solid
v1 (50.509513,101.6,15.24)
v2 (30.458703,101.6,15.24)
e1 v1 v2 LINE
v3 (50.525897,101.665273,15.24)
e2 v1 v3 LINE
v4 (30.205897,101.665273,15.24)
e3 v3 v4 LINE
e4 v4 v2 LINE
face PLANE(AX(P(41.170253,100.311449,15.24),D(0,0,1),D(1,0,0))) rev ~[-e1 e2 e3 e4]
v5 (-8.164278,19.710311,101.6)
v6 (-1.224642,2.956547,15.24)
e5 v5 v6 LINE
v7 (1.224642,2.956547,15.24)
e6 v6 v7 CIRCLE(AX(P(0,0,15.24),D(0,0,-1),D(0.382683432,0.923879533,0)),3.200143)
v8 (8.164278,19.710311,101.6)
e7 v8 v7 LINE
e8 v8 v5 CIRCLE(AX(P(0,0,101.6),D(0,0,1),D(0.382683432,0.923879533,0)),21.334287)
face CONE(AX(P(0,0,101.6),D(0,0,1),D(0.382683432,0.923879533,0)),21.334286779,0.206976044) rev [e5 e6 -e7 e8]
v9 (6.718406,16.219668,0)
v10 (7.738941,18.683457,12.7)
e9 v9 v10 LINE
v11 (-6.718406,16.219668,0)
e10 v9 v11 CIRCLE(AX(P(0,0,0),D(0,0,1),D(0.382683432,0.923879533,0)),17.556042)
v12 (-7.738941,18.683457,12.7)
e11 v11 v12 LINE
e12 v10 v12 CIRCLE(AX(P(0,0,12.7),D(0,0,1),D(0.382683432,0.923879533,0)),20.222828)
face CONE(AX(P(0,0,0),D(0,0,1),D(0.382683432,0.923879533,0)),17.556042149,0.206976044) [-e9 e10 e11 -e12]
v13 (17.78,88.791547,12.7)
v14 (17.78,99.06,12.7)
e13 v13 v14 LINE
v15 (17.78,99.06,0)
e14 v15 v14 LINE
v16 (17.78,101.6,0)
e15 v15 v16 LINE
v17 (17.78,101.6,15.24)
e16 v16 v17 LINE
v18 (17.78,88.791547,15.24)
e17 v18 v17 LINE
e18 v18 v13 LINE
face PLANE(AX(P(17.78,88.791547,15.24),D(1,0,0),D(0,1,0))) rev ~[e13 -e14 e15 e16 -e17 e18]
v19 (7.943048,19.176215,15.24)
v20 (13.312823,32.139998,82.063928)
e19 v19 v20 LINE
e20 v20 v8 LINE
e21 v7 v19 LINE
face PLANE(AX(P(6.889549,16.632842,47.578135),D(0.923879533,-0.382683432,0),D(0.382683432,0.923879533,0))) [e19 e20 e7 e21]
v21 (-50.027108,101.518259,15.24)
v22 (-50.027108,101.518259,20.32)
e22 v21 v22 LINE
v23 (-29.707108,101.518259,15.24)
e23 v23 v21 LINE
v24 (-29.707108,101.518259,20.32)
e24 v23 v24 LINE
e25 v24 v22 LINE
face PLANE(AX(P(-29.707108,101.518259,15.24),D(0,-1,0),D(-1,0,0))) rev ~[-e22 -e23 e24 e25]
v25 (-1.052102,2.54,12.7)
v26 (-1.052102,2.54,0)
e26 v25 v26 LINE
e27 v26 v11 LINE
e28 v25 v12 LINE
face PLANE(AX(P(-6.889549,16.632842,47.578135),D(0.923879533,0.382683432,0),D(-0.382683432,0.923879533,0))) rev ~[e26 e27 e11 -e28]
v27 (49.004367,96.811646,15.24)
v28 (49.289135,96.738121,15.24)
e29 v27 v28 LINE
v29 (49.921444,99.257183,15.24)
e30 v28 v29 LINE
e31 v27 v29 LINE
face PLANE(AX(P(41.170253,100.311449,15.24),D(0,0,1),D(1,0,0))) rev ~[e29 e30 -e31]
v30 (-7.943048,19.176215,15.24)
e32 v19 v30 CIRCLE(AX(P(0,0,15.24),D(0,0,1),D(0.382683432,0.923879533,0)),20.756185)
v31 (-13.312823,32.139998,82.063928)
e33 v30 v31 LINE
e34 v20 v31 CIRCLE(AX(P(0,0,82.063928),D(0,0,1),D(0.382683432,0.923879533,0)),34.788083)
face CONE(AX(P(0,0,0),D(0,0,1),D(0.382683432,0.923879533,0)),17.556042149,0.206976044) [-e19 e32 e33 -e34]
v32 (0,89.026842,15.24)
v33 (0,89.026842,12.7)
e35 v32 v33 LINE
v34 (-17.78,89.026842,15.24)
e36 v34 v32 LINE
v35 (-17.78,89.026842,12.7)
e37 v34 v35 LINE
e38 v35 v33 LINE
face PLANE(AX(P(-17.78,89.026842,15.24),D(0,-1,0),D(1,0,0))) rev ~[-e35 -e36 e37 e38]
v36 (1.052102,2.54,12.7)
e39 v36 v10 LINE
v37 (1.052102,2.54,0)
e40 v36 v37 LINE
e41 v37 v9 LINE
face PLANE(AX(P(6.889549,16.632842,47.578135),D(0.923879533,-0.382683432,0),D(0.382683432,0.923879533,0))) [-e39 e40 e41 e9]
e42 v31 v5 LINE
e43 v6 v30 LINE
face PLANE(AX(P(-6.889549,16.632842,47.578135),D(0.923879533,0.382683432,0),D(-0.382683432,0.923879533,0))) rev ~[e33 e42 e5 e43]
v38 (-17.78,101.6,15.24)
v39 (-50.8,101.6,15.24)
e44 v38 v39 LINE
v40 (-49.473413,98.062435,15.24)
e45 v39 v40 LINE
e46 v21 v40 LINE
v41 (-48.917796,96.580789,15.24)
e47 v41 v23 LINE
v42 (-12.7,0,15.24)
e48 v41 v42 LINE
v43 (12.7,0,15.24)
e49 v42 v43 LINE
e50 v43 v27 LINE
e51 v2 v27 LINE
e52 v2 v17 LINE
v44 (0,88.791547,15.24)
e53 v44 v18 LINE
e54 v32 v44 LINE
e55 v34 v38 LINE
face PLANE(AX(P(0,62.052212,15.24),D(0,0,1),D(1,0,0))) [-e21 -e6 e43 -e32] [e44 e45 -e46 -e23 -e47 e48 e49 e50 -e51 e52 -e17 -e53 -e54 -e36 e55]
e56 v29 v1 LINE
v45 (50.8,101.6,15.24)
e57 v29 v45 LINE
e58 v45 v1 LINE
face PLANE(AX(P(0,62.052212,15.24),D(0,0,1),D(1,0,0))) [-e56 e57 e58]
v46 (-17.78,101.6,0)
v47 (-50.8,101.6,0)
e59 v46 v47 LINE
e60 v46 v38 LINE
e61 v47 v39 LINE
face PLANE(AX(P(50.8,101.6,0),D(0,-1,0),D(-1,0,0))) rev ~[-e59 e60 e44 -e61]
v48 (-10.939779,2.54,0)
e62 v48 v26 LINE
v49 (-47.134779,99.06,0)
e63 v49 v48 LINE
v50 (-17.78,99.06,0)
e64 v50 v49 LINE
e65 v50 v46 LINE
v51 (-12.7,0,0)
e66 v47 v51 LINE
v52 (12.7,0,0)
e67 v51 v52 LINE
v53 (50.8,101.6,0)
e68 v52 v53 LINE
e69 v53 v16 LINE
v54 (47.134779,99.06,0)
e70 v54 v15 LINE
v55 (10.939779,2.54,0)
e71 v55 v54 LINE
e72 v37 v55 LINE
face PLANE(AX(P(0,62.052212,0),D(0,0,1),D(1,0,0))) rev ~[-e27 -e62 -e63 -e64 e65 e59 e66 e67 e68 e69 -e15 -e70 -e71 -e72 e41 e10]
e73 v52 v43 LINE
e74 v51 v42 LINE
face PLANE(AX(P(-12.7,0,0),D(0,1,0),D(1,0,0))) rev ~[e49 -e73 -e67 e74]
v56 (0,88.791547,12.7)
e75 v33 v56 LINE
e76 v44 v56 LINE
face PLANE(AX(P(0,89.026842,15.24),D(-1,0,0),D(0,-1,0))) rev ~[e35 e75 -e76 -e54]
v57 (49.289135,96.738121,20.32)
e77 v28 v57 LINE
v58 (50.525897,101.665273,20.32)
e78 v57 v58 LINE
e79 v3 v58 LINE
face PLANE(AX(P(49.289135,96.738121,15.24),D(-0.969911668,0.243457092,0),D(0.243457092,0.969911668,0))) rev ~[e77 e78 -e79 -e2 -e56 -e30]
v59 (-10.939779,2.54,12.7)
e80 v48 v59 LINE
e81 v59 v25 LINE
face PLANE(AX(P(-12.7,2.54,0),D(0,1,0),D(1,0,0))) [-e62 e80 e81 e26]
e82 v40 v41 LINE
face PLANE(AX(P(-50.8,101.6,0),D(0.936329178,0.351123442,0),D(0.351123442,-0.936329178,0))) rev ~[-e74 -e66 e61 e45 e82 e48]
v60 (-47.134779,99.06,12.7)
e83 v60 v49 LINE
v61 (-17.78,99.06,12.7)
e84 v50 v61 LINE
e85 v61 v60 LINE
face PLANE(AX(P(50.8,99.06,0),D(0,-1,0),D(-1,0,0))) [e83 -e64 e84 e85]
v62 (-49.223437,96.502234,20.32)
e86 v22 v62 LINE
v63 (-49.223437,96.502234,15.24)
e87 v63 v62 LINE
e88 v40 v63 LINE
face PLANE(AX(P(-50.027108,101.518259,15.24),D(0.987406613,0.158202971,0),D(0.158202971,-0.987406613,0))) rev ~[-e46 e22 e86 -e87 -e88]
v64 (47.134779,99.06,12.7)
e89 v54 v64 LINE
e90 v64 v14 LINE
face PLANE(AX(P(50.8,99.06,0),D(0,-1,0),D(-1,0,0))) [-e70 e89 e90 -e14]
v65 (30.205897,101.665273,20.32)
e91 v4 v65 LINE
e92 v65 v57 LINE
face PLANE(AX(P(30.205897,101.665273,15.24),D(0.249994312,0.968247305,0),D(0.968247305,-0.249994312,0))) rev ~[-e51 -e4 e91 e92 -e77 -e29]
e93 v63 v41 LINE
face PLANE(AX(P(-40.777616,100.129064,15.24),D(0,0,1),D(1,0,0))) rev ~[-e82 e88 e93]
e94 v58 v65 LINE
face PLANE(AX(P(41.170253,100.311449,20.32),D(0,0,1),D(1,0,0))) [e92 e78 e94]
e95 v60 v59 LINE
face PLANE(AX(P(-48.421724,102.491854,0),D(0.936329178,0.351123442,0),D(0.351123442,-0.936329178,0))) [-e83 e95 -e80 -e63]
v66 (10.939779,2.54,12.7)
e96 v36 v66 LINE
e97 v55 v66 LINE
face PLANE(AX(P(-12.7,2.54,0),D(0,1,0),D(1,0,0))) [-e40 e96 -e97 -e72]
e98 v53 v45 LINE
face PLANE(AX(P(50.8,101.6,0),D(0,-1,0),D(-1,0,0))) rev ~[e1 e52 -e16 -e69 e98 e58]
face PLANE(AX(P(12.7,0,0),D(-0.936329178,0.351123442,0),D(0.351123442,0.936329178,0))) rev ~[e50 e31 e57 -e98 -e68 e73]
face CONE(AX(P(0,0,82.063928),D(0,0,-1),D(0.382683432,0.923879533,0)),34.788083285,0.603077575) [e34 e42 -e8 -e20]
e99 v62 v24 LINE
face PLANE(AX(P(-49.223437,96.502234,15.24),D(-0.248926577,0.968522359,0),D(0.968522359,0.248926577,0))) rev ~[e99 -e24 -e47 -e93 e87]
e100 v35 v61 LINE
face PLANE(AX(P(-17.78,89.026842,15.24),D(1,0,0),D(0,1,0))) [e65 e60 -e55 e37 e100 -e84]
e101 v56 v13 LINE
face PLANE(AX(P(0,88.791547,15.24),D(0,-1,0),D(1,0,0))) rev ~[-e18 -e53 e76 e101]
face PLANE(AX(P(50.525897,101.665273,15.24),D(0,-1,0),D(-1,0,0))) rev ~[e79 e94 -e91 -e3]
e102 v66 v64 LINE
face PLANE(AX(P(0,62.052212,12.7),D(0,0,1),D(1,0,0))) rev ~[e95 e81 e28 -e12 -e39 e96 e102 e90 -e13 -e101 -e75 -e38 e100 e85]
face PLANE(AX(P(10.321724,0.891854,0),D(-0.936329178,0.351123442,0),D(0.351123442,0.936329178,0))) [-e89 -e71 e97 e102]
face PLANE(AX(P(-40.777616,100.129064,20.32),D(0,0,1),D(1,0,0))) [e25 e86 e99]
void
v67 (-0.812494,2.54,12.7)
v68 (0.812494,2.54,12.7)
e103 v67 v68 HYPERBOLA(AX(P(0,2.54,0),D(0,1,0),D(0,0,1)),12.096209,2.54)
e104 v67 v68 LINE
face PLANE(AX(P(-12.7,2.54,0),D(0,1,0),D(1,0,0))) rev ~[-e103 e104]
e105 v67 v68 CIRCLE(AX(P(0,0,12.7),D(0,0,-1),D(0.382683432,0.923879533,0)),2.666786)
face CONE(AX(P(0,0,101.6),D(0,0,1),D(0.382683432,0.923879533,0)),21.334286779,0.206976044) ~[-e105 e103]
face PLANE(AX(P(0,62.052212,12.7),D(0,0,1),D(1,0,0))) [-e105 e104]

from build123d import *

# Parameters (mm, degrees)
F1_DEPTH      = 15.24
F3_T          = -2.54
F5_ANGLE_BACK = 22.5
F5_ANGLE      = 45
F9_DEPTH      = 5.08
F10_W         = 17.78
F10_H         = 12.7
F11_DEPTH     = 15.241


with BuildPart() as f1:
    # F0 (on Top) → F1 (new body)
    with BuildSketch(Plane.XY):
        Polygon((-50.8, 101.6), (-12.7, 0), (12.7, 0), (50.8, 101.6), align=None)
    extrude(amount=F1_DEPTH)

    # F3
    f3_openings = [f1.faces().sort_by_distance(p)[0] for p in [
        (0, 60.96, 0),
    ]]
    offset(amount=F3_T, openings=f3_openings)

    # F4 (on plane+point) → F5 (revolve)
    with BuildSketch(Plane.YZ, mode=Mode.PRIVATE) as f5_sk:
        Polygon((21.3342867792, 101.6), (0, 0), (17.5560421489, 0), (34.7880832851, 82.0639282465), align=None)
    revolve(f5_sk.sketch.rotate(Axis((0, 0, 50.8), (0, 0, 1)), -F5_ANGLE_BACK), axis=Axis((0, 0, 50.8), (0, 0, 1)), revolution_arc=F5_ANGLE)

    # F8 (on plane+point) + F7 (on plane+point) → F9 (join)
    with BuildSketch(Plane.XY.offset(15.24)):
        Polygon((49.2891350908, 96.7381212808), (50.525897119, 101.6652725557), (30.205897119, 101.6652725557), align=None)
    with BuildSketch(Plane.XY.offset(15.24)):
        Polygon((-29.7071077564, 101.5182593561), (-50.0271077564, 101.5182593561), (-49.2234366628, 96.5022337608), align=None)
    extrude(amount=F9_DEPTH)

    # F10 (on plane+point) → F11 (cut, through all)
    with BuildSketch(Plane.XY.offset(15.24)):
        Polygon((17.78, 101.726842235), (0, 101.726842235), (0, 89.026842235), (0, 88.7915473778), (17.78, 88.7915473778), align=None)
        with Locations((-8.89, 95.376842235)):
            Rectangle(F10_W, F10_H)
    extrude(amount=-F11_DEPTH, mode=Mode.SUBTRACT)


solid = f1.part
